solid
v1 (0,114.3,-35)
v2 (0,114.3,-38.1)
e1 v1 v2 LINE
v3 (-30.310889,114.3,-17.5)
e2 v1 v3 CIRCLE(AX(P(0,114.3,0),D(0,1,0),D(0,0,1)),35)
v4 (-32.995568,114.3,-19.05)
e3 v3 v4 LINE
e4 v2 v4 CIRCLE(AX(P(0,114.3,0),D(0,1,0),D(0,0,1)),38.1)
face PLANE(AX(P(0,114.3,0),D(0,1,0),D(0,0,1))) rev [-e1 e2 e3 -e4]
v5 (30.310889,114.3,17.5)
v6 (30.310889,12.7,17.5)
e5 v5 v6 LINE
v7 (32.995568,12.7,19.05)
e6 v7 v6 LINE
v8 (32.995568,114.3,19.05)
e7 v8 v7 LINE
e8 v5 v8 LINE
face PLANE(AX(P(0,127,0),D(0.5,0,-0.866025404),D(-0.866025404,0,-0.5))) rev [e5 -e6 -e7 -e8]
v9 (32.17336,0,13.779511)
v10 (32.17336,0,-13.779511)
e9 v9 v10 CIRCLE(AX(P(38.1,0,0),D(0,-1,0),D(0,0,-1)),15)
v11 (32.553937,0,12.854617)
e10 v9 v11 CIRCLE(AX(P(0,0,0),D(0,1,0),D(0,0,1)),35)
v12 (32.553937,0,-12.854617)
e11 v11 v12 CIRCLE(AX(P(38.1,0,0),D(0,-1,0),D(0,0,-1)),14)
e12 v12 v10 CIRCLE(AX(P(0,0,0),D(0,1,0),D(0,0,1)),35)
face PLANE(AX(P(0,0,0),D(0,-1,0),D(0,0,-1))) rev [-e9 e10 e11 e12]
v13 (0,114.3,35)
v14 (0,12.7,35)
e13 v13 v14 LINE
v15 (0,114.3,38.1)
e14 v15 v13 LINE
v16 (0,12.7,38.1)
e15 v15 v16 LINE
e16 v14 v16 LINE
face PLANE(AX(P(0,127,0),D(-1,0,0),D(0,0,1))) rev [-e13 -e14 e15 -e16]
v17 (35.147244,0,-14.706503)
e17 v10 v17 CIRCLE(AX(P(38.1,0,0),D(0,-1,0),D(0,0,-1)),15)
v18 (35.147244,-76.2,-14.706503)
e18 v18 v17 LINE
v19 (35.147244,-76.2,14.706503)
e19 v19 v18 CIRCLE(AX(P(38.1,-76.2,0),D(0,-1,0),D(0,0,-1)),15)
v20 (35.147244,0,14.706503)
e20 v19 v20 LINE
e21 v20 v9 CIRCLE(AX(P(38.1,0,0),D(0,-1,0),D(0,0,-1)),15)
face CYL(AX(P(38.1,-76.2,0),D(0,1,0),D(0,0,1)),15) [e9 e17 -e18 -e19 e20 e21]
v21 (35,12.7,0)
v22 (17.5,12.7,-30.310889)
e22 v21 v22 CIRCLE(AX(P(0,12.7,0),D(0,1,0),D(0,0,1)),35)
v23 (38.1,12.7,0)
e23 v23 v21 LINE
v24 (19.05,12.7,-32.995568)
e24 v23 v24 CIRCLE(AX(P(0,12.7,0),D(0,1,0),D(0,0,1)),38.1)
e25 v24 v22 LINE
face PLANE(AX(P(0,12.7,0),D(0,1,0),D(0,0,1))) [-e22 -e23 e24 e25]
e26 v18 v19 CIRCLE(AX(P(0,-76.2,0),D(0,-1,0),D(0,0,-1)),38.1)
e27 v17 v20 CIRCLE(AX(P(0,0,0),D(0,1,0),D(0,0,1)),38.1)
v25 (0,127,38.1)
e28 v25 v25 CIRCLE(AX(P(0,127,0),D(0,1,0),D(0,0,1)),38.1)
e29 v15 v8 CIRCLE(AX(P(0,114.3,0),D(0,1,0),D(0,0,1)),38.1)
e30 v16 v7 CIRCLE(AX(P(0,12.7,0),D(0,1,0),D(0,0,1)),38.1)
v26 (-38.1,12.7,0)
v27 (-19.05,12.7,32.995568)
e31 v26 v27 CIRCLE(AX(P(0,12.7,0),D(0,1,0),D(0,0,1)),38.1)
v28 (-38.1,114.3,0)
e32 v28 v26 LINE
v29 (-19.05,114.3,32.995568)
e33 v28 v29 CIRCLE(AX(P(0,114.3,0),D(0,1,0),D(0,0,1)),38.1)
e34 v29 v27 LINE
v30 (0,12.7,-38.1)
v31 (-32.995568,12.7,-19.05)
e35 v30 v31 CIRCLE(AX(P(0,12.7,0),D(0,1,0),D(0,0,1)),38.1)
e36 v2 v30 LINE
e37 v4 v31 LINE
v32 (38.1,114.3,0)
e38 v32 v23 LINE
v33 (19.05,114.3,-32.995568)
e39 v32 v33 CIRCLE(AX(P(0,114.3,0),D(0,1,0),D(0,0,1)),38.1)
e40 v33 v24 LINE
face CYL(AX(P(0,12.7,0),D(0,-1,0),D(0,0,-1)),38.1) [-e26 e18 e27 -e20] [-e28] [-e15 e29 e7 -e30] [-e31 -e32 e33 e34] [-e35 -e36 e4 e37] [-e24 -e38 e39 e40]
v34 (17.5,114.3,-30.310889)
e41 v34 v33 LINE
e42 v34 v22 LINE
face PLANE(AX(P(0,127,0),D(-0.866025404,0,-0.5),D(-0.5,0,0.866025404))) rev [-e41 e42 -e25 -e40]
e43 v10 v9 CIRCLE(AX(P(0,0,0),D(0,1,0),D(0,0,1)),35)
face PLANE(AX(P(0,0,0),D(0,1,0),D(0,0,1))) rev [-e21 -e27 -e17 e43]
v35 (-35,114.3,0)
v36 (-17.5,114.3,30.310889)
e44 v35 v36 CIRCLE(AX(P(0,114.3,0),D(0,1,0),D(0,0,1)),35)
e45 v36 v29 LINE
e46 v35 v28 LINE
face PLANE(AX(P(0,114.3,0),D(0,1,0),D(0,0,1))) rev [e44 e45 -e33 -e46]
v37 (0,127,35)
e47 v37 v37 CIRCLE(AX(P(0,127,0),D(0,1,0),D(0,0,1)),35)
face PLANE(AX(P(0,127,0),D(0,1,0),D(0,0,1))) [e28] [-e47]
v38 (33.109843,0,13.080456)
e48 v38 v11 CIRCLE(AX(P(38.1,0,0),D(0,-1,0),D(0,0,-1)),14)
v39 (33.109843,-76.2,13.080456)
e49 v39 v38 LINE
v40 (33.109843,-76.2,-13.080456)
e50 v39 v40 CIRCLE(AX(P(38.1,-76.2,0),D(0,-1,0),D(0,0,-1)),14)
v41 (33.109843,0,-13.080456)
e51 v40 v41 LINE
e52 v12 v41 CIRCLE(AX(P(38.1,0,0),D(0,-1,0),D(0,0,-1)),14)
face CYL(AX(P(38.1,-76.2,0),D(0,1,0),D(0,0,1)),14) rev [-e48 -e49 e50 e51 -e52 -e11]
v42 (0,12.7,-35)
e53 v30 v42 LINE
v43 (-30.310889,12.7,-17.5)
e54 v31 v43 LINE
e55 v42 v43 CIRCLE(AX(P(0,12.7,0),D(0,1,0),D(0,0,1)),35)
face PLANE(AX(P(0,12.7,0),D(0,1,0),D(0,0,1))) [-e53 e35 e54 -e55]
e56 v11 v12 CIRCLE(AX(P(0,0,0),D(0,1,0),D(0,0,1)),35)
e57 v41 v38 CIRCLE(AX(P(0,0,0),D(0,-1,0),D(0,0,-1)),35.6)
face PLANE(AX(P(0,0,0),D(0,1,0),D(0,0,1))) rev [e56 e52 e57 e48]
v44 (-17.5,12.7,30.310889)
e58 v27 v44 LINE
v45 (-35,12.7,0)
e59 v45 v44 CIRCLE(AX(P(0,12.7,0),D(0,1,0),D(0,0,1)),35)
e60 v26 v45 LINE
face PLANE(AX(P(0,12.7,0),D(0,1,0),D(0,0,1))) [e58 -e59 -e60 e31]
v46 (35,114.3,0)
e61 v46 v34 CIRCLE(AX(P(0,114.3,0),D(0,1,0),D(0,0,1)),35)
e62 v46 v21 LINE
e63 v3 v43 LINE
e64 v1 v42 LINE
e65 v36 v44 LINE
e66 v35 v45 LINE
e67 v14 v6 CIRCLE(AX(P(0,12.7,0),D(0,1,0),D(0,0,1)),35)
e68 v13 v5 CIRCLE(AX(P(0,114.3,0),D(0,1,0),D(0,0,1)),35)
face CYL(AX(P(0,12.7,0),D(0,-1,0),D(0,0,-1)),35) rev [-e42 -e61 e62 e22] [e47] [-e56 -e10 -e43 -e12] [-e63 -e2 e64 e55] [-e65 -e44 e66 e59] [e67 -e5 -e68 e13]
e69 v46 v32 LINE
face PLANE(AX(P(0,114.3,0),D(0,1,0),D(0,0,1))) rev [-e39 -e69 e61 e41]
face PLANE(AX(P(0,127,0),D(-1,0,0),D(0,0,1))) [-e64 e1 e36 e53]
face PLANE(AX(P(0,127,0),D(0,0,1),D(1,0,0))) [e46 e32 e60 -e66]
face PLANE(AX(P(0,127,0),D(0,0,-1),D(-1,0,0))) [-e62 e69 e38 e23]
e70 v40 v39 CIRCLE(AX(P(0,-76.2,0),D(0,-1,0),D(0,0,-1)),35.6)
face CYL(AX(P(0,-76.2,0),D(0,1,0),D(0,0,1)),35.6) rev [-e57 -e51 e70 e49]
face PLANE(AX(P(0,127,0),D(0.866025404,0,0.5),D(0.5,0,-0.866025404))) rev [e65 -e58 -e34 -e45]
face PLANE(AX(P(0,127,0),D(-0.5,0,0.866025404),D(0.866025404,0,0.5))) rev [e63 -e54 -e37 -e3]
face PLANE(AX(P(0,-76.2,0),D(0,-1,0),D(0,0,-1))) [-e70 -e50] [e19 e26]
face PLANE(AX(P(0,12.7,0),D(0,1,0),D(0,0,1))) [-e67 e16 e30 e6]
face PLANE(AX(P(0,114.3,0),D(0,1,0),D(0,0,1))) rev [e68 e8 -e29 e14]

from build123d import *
from build123d.topology import SkipClean

# Parameters (mm, degrees)
SKETCH1_R           = 38.1
SKETCH1_R_2         = 35
BOSS_EXTRUDE1_DEPTH = 12.7
BOSS_EXTRUDE2_DEPTH = 127
BOSS_EXTRUDE3_START = -12.7
SKETCH2_R           = 38.1
SKETCH2_R_2         = 35
BOSS_EXTRUDE3_DEPTH = 12.7
BOSS_EXTRUDE4_START = 76.2
BOSS_EXTRUDE4_DEPTH = 76.2


with BuildPart() as part:
    # Sketch1 → Boss-Extrude1 (new body)
    with BuildSketch(Plane(origin=(0, 0, 0), x_dir=(1, 0, 0), z_dir=(0, 1, 0))):
        Circle(SKETCH1_R)
        Circle(SKETCH1_R_2, mode=Mode.SUBTRACT)
    extrude(amount=BOSS_EXTRUDE1_DEPTH)

    # Sketch1<3> → Boss-Extrude2 (add)
    with SkipClean():  # the faces are left unmerged after this step: merging them gives an invalid solid
        with BuildSketch(Plane(origin=(0, 0, 0), x_dir=(1, 0, 0), z_dir=(0, 1, 0))):
            with BuildLine():
                ThreePointArc((-19.05, -32.995567884), (-9.861005618, -36.801773982), (0, -38.1))
                Line((0, -38.1), (0, -35))
                ThreePointArc((0, -35), (-9.058666579, -33.80740392), (-17.5, -30.310889132))
                Line((-17.5, -30.310889132), (-19.05, -32.995567884))
            make_face()
            with BuildLine():
                Line((30.310889132, -17.5), (32.995567884, -19.05))
                ThreePointArc((32.995567884, -19.05), (36.801773982, -9.861005618), (38.1, 0))
                Line((38.1, 0), (35, 0))
                ThreePointArc((35, 0), (33.80740392, -9.058666579), (30.310889132, -17.5))
            make_face()
            with BuildLine():
                ThreePointArc((-32.995567884, 19.05), (-36.801773982, 9.861005618), (-38.1, 0))
                Line((-38.1, 0), (-35, 0))
                ThreePointArc((-35, 0), (-33.80740392, 9.058666579), (-30.310889132, 17.5))
                Line((-30.310889132, 17.5), (-32.995567884, 19.05))
            make_face()
            with BuildLine():
                Line((17.5, 30.310889132), (19.05, 32.995567884))
                ThreePointArc((19.05, 32.995567884), (9.861005618, 36.801773982), (0, 38.1))
                Line((0, 38.1), (0, 35))
                ThreePointArc((0, 35), (9.058666579, 33.80740392), (17.5, 30.310889132))
            make_face()
        extrude(amount=BOSS_EXTRUDE2_DEPTH)

    # Sketch2 → Boss-Extrude3 (add)
    with SkipClean():  # the faces are left unmerged after this step: merging them gives an invalid solid
        with BuildSketch(Plane(origin=(0, 127, 0), x_dir=(1, 0, 0), z_dir=(0, 1, 0)).offset(BOSS_EXTRUDE3_START)):
            Circle(SKETCH2_R)
            Circle(SKETCH2_R_2, mode=Mode.SUBTRACT)
        extrude(amount=BOSS_EXTRUDE3_DEPTH)

    # Sketch3 → Boss-Extrude4 (add)
    with SkipClean():  # the faces are left unmerged after this step: merging them gives an invalid solid
        with BuildSketch(Plane.XZ.offset(BOSS_EXTRUDE4_START)):
            with BuildLine():
                ThreePointArc((35.147244094, -14.70650307), (38.1, 0), (35.147244094, 14.70650307))
                ThreePointArc((35.147244094, 14.70650307), (23.1, 0), (35.147244094, -14.70650307))
            make_face()
            with BuildLine():
                ThreePointArc((33.10984252, 13.080455968), (35.6, 0), (33.10984252, -13.080455968))
                ThreePointArc((33.10984252, -13.080455968), (24.1, 0), (33.10984252, 13.080455968))
            make_face(mode=Mode.SUBTRACT)
        extrude(amount=-BOSS_EXTRUDE4_DEPTH)


solid = part.part
